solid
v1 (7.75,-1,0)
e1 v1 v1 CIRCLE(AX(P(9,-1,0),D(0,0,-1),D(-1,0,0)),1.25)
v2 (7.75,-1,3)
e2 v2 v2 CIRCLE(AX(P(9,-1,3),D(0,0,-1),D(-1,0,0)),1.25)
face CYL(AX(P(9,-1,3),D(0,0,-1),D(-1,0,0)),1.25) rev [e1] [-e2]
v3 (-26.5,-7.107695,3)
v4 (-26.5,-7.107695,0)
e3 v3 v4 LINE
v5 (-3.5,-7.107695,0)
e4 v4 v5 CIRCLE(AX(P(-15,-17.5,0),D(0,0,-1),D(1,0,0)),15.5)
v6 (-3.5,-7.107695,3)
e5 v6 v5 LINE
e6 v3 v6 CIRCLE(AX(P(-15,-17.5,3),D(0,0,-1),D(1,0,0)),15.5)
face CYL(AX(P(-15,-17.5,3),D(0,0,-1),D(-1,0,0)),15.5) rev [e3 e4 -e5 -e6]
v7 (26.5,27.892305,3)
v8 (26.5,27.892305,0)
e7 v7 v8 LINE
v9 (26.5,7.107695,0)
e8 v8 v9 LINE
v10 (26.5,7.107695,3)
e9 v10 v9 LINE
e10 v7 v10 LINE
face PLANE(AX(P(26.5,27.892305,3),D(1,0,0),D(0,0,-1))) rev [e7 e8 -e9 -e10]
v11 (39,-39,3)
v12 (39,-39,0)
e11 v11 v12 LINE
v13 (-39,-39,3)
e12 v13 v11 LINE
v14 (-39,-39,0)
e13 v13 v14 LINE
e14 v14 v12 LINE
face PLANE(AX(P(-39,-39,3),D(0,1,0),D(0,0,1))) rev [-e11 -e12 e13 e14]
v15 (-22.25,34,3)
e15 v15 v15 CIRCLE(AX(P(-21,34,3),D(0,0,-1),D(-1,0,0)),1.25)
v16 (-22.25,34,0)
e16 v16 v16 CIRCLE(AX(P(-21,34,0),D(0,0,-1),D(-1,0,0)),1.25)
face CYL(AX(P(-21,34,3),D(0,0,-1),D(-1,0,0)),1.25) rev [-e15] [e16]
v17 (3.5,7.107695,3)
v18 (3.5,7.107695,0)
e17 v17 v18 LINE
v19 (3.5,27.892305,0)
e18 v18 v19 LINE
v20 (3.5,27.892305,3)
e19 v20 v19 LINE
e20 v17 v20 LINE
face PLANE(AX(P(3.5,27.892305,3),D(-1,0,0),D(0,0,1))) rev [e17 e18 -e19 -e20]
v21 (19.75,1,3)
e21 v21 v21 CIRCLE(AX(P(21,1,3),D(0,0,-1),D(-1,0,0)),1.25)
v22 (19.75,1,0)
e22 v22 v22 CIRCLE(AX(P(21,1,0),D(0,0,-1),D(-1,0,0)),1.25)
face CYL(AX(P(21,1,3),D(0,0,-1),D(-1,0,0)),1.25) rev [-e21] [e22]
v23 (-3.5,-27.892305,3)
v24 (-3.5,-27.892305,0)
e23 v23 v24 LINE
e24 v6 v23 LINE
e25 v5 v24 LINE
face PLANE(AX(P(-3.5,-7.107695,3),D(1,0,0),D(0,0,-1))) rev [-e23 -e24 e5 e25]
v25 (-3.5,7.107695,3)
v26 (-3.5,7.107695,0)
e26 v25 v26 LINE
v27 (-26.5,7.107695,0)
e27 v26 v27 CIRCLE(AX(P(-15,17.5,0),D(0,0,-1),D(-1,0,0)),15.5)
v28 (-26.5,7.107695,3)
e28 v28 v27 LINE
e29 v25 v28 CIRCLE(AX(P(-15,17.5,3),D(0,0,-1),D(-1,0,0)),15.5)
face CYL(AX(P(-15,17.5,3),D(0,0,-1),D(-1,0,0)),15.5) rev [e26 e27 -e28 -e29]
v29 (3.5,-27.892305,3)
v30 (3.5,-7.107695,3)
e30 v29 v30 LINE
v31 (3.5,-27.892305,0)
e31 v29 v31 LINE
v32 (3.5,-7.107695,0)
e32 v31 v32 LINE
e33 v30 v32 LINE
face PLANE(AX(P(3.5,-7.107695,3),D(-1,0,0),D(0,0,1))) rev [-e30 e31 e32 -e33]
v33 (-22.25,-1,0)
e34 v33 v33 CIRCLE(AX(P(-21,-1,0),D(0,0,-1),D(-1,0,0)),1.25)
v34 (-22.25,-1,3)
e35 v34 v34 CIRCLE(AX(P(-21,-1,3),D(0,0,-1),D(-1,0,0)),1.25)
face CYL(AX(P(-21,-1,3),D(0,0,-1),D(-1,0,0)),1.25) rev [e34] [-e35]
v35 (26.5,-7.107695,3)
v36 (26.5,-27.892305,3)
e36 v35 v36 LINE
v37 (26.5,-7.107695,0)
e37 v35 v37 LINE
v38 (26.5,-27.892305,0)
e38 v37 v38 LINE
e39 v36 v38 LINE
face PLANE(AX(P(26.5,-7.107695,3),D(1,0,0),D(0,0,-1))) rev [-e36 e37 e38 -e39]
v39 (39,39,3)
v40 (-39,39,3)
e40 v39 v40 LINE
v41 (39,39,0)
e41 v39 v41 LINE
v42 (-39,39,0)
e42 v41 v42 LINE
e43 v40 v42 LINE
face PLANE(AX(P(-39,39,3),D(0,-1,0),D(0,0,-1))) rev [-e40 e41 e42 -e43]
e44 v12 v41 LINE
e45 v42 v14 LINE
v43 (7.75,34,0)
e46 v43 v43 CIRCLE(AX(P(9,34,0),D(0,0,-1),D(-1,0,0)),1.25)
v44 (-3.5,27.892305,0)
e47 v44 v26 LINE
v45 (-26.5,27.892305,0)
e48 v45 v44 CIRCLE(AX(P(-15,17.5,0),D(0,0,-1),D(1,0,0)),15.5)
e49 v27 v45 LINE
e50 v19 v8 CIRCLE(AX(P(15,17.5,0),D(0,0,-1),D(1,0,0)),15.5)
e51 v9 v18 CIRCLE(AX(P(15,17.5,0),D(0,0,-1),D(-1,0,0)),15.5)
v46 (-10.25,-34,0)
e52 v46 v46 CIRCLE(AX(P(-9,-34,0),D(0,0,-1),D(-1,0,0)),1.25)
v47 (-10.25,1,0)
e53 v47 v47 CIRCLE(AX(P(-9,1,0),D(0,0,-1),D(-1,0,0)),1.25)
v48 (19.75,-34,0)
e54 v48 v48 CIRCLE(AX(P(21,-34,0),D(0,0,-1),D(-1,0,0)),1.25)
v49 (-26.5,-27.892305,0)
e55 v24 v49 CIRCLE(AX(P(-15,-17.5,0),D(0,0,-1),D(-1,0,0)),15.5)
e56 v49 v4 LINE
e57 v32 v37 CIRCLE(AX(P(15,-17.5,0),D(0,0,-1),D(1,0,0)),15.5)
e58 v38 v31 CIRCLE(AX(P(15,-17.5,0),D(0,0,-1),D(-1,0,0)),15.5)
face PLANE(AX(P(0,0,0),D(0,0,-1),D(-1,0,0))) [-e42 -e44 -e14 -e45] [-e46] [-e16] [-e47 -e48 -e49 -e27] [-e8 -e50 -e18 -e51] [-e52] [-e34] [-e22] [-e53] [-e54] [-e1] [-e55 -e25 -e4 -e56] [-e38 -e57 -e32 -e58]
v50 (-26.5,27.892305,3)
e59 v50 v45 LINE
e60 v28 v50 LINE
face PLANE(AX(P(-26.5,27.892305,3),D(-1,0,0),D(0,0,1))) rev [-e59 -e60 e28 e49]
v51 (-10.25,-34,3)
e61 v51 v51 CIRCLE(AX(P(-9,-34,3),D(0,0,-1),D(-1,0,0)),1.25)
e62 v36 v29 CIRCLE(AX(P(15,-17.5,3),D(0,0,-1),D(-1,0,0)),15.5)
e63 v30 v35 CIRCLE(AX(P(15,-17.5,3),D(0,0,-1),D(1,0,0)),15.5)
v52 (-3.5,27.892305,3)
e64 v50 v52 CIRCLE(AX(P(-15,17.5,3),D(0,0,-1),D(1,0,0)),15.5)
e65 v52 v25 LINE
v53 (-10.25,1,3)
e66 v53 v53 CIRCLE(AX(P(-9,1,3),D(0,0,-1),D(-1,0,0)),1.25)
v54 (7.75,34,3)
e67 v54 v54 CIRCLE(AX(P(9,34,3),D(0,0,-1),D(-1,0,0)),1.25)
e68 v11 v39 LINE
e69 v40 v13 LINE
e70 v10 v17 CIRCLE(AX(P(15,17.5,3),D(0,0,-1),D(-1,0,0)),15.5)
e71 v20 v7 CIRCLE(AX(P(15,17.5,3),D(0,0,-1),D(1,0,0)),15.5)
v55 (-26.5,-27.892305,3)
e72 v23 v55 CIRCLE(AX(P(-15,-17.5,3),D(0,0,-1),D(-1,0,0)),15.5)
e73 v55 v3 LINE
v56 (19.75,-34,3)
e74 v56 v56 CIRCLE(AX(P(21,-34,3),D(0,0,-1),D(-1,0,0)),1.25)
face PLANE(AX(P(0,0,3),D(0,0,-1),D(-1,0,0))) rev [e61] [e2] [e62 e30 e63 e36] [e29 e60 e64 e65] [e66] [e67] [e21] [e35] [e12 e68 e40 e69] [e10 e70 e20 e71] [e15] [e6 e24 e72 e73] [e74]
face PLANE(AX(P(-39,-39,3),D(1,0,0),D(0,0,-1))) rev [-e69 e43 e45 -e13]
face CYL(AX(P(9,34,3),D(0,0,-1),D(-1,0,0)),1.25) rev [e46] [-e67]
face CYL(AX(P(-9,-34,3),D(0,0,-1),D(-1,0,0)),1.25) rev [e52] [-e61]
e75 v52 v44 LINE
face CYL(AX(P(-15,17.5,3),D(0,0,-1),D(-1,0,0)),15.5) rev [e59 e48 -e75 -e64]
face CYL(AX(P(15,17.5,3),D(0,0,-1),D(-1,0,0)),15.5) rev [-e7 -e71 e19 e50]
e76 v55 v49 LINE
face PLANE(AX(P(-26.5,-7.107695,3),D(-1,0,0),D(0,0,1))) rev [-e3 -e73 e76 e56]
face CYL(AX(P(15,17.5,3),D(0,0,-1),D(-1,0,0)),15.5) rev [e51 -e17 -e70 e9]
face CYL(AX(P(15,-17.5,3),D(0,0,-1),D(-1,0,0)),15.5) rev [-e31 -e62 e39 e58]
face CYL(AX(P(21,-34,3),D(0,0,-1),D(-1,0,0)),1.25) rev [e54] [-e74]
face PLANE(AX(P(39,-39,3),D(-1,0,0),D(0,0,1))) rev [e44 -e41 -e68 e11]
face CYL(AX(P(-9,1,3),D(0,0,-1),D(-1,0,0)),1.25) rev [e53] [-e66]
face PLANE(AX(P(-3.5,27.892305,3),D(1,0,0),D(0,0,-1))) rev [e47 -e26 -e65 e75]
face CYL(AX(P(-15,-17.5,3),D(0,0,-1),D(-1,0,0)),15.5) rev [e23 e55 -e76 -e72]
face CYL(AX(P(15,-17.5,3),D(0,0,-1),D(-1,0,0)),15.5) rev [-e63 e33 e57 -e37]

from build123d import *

# Parameters (mm, degrees)
SKETCH1_W            = 78
SKETCH1_H            = 78
BOSS_EXTRUDE1_DEPTH  = 3
CUT_EXTRUDE1_DEPTH   = 56.235857919
SKETCH3_R            = 1.25
CUT_EXTRUDE2_DEPTH   = 56.235857919
LPATTERN1_COUNT      = 2
LPATTERN1_PITCH      = 30
LPATTERN1_COUNT_DIR2 = 2
LPATTERN1_PITCH_DIR2 = 35


with BuildPart() as part:
    # Sketch1 → Boss-Extrude1 (new body)
    with BuildSketch(Plane.XY):
        Rectangle(SKETCH1_W, SKETCH1_H)
    extrude(amount=BOSS_EXTRUDE1_DEPTH)

    # Sketch2 → Cut-Extrude1 (cut, through all)
    with BuildSketch(Plane(origin=(0, 0, 0), x_dir=(-1, 0, 0), z_dir=(0, 0, -1))):
        with BuildLine():
            Line((-26.5, 27.892304845), (-26.5, 7.107695155))
            ThreePointArc((-26.5, 7.107695155), (-15, 2), (-3.5, 7.107695155))
            Line((-3.5, 7.107695155), (-3.5, 27.892304845))
            ThreePointArc((-3.5, 27.892304845), (-15, 33), (-26.5, 27.892304845))
        make_face()
    cut_extrude1 = extrude(amount=-CUT_EXTRUDE1_DEPTH, mode=Mode.SUBTRACT)

    # Sketch3 → Cut-Extrude2 (cut, through all)
    with BuildSketch(Plane(origin=(0, 0, 0), x_dir=(-1, 0, 0), z_dir=(0, 0, -1))):
        with Locations((-21, 1)):
            Circle(SKETCH3_R)
        with Locations((-9, 34)):
            Circle(SKETCH3_R)
    cut_extrude2 = extrude(amount=-CUT_EXTRUDE2_DEPTH, mode=Mode.SUBTRACT)

    # LPattern1: Cut-Extrude1, Cut-Extrude2 2 × 2
    with Locations(*[(-i * LPATTERN1_PITCH, -j * LPATTERN1_PITCH_DIR2, 0) for i in range(LPATTERN1_COUNT) for j in range(LPATTERN1_COUNT_DIR2) if (i, j) != (0, 0)]):
        add(cut_extrude1, mode=Mode.SUBTRACT)
        add(cut_extrude2, mode=Mode.SUBTRACT)


solid = part.part
